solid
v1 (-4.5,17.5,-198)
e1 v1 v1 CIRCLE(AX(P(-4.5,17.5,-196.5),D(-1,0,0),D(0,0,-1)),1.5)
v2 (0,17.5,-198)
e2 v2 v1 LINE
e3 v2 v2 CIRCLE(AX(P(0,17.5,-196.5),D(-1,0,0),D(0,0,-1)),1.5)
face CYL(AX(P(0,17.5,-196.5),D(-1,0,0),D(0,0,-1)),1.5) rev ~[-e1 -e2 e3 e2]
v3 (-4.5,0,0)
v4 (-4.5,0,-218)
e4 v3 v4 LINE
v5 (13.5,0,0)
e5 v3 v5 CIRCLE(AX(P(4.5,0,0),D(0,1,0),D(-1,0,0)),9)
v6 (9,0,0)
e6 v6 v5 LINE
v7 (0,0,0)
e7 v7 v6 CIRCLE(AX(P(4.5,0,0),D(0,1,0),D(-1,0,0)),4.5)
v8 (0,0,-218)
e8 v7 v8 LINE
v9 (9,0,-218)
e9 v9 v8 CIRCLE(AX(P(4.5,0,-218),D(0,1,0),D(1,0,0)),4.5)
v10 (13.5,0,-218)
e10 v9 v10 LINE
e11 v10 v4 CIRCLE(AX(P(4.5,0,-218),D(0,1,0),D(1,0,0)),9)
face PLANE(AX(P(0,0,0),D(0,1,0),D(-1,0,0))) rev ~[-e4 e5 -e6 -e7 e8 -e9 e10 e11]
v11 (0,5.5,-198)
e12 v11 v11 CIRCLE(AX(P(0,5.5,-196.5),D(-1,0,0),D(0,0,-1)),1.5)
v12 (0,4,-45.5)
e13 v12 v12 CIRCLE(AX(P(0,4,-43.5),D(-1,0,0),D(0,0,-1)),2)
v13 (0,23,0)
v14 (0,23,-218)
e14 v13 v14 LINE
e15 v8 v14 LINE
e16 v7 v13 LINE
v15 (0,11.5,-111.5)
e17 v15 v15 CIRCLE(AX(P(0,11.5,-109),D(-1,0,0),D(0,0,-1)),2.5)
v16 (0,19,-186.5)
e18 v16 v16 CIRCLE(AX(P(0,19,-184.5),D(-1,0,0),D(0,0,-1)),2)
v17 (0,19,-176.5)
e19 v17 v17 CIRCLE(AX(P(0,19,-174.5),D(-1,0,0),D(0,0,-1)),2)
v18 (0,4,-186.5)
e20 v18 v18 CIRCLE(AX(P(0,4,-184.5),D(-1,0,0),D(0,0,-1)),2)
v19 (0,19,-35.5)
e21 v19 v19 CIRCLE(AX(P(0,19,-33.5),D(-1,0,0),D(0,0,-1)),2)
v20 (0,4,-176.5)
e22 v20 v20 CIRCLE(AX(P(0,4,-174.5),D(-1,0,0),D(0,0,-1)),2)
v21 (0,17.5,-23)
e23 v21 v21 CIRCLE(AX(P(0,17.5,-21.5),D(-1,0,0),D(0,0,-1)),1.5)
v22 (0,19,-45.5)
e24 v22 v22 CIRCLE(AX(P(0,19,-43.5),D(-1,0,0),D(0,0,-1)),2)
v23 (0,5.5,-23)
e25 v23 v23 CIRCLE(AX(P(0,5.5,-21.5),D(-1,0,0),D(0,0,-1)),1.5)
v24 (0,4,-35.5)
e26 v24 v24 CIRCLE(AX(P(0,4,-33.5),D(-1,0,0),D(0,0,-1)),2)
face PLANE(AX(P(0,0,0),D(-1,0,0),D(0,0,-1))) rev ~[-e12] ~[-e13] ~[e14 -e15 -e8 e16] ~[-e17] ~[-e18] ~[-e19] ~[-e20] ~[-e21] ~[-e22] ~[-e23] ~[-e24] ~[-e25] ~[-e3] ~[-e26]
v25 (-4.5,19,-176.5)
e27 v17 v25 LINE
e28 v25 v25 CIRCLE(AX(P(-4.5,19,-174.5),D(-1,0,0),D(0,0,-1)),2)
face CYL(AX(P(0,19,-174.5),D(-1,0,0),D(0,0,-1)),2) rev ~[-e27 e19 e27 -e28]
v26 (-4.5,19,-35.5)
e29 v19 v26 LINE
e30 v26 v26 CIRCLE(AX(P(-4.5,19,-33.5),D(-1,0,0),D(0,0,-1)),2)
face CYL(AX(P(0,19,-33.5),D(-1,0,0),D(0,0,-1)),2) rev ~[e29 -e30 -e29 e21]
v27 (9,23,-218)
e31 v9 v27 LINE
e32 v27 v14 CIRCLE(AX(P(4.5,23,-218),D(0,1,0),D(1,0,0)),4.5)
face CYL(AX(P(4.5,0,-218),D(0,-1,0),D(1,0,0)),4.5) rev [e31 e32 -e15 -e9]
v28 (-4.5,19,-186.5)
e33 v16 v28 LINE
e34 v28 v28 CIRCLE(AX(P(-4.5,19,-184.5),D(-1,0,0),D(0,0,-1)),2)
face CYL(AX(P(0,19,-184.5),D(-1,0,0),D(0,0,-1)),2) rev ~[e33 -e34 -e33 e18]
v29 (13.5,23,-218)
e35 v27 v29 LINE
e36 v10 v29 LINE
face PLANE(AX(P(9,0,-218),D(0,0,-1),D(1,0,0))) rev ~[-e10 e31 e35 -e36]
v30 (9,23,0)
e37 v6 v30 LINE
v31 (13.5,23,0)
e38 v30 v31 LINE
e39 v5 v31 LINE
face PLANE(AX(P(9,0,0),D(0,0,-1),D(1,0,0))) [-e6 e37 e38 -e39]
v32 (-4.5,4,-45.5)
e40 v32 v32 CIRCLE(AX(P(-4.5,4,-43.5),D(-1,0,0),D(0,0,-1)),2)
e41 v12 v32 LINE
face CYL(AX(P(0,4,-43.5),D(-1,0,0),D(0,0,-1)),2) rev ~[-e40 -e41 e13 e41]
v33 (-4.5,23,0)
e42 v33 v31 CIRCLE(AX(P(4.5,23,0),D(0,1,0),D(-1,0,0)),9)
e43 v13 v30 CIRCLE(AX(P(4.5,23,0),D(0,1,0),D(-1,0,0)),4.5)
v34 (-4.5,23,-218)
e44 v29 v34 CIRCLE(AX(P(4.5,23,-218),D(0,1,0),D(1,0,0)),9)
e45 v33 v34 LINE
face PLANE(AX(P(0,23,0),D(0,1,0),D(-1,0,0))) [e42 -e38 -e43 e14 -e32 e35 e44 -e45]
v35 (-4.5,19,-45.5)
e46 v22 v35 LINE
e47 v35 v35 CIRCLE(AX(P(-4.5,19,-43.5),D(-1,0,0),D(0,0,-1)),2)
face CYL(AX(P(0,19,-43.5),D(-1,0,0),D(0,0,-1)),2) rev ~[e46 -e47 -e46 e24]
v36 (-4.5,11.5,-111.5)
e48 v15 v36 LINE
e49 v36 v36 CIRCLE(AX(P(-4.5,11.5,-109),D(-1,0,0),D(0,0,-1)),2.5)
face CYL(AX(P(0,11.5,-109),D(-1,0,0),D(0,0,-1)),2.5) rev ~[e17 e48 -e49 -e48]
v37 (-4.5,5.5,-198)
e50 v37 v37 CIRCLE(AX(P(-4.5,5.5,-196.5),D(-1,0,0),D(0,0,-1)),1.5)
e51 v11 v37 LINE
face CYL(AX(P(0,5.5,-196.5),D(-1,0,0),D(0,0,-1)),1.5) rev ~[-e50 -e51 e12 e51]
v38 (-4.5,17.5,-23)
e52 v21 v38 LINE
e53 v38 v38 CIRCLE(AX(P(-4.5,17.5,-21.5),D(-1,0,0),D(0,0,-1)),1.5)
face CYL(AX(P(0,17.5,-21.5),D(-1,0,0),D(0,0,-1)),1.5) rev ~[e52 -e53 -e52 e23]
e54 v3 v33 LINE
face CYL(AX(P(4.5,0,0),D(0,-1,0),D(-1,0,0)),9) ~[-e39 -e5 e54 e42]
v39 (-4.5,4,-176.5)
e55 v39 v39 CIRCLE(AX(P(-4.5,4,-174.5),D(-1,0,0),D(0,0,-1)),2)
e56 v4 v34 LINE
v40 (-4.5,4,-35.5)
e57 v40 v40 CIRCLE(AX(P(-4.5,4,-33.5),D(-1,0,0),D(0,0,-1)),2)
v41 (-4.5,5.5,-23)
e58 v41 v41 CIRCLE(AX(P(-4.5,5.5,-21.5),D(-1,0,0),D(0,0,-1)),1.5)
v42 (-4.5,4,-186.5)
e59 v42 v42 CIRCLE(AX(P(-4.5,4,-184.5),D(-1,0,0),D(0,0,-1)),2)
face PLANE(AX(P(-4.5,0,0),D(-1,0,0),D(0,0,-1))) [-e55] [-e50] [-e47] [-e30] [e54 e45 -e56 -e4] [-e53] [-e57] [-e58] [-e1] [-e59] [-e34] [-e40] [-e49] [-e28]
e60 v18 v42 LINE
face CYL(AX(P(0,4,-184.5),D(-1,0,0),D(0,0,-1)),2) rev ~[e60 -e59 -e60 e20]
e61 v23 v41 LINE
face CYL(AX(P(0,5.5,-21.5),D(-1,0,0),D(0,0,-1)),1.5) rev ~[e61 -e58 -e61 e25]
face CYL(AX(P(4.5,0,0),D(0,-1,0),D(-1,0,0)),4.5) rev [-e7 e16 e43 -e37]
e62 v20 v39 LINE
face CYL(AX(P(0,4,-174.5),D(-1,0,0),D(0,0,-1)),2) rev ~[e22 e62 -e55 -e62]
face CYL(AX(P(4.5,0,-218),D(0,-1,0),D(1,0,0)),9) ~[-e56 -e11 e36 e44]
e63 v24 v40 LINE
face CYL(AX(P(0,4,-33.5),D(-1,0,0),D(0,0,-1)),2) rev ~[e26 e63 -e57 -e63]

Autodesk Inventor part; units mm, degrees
ref_plane "YZ Plane" through (0, 0, 0) normal (1, 0, 0) x (0, 1, 0)
ref_plane "XZ Plane" through (0, 0, 0) normal (0, 1, 0) x (-1, 0, 0)
ref_plane "XY Plane" through (0, 0, 0) normal (0, 0, 1) x (1, 0, 0)
sketch "Sketch1" plane through (0, 0, 0) normal (0, 1, 0) x (-1, 0, 0)
  line L0 (0, 0) -> (0, -218)
  arc A0 (0, 0) -> (-9, 0) centre (-4.5, 0) ccw
  line L1 (-9, 0) -> (-13.5, 0)
  line L2 (4.5, 0) -> (4.5, -218)
  arc A1 (4.5, 0) -> (-13.5, 0) centre (-4.5, 0) ccw
  line L3 (0, 0) -> (-17, 0) construction
  line L4 (52, -109) -> (-119, -109) construction
  line L5 (0, -218) -> (0, 0)
  arc A2 (-9, -218) -> (0, -218) centre (-4.5, -218) ccw
  line L6 (-9, -218) -> (-13.5, -218)
  line L7 (4.5, -218) -> (4.5, 0)
  arc A3 (-13.5, -218) -> (4.5, -218) centre (-4.5, -218) ccw
  point P0 (4.5, -109)
  dimension "d0" = 218
  dimension "d1" = 9
  dimension "d2" = 4.5
  dimension "d3" = 218
  dimension "d4" = 4.5
  dimension "d5" = 9
  dimension "d6" = 4.5
  dimension "d7" = 18
extrude "Extrusion1" add sketch "Sketch1" along normal blind 23
sketch "Sketch2" plane through (0, 0, 0) normal (1, 0, 0) x (0, 0, -1)
  circle A0 centre (109, 11.5) radius 2.5
  line L0 (0, 23) -> (218, 23) projected
  line L1 (0, 0) -> (0, 23) projected
  line L2 (33.5, 4) -> (43.5, 4) construction
  line L3 (43.5, 4) -> (43.5, 19) construction
  line L4 (43.5, 19) -> (33.5, 19) construction
  line L5 (33.5, 19) -> (33.5, 4) construction
  line L6 (33.5, 4) -> (43.5, 19) construction
  line L7 (43.5, 4) -> (33.5, 19) construction
  circle A1 centre (43.5, 19) radius 2
  circle A2 centre (33.5, 19) radius 2
  circle A3 centre (33.5, 4) radius 2
  circle A4 centre (43.5, 4) radius 2
  line L8 (0, 0) -> (218, 0) projected
  line L9 (21.5, 5.5) -> (21.5, 17.5) construction
  circle A5 centre (21.5, 17.5) radius 1.5
  circle A6 centre (21.5, 5.5) radius 1.5
  line L10 (109, 37.5143) -> (109, -14.5143) construction
  line L11 (184.5, 4) -> (174.5, 4) construction
  line L12 (174.5, 4) -> (174.5, 19) construction
  line L13 (174.5, 19) -> (184.5, 19) construction
  line L14 (184.5, 19) -> (184.5, 4) construction
  line L15 (184.5, 4) -> (174.5, 19) construction
  line L16 (174.5, 4) -> (184.5, 19) construction
  circle A7 centre (174.5, 19) radius 2
  circle A8 centre (184.5, 19) radius 2
  circle A9 centre (184.5, 4) radius 2
  circle A10 centre (174.5, 4) radius 2
  line L17 (196.5, 5.5) -> (196.5, 17.5) construction
  circle A11 centre (196.5, 17.5) radius 1.5
  circle A12 centre (196.5, 5.5) radius 1.5
  point P0 (38.5, 11.5)
  point P1 (179.5, 11.5)
  dimension "d10" = 5
  dimension "d11" = 11.5
  dimension "d12" = 109
  dimension "d13" = 4
  dimension "d14" = 4
  dimension "d15" = 4
  dimension "d16" = 4
  dimension "d17" = 4
  dimension "d18" = 4
  dimension "d19" = 65.5
  dimension "d20" = 10
  dimension "d21" = 3
  dimension "d22" = 3
  dimension "d23" = 5.5
  dimension "d24" = 5.5
  dimension "d25" = 12
hole "Hole1" at (0, 17.5, -21.5) at (0, 5.5, -21.5) at (0, 17.5, -196.5) at (0, 5.5, -196.5) direction (-1, 0, 0) diameter 3 end through all
hole "Hole2" at (0, 19, -184.5) at (0, 19, -174.5) at (0, 4, -184.5) at (0, 4, -174.5) at (0, 19, -33.5) at (0, 19, -43.5) at (0, 4, -33.5) at (0, 4, -43.5) direction (-1, 0, 0) diameter 4 end through all
hole "Hole3" at (0, 11.5, -109) direction (-1, 0, 0) diameter 5 end through all
properties part number "HUDSON-1-07 FRONT BUFFERR BEAM"
